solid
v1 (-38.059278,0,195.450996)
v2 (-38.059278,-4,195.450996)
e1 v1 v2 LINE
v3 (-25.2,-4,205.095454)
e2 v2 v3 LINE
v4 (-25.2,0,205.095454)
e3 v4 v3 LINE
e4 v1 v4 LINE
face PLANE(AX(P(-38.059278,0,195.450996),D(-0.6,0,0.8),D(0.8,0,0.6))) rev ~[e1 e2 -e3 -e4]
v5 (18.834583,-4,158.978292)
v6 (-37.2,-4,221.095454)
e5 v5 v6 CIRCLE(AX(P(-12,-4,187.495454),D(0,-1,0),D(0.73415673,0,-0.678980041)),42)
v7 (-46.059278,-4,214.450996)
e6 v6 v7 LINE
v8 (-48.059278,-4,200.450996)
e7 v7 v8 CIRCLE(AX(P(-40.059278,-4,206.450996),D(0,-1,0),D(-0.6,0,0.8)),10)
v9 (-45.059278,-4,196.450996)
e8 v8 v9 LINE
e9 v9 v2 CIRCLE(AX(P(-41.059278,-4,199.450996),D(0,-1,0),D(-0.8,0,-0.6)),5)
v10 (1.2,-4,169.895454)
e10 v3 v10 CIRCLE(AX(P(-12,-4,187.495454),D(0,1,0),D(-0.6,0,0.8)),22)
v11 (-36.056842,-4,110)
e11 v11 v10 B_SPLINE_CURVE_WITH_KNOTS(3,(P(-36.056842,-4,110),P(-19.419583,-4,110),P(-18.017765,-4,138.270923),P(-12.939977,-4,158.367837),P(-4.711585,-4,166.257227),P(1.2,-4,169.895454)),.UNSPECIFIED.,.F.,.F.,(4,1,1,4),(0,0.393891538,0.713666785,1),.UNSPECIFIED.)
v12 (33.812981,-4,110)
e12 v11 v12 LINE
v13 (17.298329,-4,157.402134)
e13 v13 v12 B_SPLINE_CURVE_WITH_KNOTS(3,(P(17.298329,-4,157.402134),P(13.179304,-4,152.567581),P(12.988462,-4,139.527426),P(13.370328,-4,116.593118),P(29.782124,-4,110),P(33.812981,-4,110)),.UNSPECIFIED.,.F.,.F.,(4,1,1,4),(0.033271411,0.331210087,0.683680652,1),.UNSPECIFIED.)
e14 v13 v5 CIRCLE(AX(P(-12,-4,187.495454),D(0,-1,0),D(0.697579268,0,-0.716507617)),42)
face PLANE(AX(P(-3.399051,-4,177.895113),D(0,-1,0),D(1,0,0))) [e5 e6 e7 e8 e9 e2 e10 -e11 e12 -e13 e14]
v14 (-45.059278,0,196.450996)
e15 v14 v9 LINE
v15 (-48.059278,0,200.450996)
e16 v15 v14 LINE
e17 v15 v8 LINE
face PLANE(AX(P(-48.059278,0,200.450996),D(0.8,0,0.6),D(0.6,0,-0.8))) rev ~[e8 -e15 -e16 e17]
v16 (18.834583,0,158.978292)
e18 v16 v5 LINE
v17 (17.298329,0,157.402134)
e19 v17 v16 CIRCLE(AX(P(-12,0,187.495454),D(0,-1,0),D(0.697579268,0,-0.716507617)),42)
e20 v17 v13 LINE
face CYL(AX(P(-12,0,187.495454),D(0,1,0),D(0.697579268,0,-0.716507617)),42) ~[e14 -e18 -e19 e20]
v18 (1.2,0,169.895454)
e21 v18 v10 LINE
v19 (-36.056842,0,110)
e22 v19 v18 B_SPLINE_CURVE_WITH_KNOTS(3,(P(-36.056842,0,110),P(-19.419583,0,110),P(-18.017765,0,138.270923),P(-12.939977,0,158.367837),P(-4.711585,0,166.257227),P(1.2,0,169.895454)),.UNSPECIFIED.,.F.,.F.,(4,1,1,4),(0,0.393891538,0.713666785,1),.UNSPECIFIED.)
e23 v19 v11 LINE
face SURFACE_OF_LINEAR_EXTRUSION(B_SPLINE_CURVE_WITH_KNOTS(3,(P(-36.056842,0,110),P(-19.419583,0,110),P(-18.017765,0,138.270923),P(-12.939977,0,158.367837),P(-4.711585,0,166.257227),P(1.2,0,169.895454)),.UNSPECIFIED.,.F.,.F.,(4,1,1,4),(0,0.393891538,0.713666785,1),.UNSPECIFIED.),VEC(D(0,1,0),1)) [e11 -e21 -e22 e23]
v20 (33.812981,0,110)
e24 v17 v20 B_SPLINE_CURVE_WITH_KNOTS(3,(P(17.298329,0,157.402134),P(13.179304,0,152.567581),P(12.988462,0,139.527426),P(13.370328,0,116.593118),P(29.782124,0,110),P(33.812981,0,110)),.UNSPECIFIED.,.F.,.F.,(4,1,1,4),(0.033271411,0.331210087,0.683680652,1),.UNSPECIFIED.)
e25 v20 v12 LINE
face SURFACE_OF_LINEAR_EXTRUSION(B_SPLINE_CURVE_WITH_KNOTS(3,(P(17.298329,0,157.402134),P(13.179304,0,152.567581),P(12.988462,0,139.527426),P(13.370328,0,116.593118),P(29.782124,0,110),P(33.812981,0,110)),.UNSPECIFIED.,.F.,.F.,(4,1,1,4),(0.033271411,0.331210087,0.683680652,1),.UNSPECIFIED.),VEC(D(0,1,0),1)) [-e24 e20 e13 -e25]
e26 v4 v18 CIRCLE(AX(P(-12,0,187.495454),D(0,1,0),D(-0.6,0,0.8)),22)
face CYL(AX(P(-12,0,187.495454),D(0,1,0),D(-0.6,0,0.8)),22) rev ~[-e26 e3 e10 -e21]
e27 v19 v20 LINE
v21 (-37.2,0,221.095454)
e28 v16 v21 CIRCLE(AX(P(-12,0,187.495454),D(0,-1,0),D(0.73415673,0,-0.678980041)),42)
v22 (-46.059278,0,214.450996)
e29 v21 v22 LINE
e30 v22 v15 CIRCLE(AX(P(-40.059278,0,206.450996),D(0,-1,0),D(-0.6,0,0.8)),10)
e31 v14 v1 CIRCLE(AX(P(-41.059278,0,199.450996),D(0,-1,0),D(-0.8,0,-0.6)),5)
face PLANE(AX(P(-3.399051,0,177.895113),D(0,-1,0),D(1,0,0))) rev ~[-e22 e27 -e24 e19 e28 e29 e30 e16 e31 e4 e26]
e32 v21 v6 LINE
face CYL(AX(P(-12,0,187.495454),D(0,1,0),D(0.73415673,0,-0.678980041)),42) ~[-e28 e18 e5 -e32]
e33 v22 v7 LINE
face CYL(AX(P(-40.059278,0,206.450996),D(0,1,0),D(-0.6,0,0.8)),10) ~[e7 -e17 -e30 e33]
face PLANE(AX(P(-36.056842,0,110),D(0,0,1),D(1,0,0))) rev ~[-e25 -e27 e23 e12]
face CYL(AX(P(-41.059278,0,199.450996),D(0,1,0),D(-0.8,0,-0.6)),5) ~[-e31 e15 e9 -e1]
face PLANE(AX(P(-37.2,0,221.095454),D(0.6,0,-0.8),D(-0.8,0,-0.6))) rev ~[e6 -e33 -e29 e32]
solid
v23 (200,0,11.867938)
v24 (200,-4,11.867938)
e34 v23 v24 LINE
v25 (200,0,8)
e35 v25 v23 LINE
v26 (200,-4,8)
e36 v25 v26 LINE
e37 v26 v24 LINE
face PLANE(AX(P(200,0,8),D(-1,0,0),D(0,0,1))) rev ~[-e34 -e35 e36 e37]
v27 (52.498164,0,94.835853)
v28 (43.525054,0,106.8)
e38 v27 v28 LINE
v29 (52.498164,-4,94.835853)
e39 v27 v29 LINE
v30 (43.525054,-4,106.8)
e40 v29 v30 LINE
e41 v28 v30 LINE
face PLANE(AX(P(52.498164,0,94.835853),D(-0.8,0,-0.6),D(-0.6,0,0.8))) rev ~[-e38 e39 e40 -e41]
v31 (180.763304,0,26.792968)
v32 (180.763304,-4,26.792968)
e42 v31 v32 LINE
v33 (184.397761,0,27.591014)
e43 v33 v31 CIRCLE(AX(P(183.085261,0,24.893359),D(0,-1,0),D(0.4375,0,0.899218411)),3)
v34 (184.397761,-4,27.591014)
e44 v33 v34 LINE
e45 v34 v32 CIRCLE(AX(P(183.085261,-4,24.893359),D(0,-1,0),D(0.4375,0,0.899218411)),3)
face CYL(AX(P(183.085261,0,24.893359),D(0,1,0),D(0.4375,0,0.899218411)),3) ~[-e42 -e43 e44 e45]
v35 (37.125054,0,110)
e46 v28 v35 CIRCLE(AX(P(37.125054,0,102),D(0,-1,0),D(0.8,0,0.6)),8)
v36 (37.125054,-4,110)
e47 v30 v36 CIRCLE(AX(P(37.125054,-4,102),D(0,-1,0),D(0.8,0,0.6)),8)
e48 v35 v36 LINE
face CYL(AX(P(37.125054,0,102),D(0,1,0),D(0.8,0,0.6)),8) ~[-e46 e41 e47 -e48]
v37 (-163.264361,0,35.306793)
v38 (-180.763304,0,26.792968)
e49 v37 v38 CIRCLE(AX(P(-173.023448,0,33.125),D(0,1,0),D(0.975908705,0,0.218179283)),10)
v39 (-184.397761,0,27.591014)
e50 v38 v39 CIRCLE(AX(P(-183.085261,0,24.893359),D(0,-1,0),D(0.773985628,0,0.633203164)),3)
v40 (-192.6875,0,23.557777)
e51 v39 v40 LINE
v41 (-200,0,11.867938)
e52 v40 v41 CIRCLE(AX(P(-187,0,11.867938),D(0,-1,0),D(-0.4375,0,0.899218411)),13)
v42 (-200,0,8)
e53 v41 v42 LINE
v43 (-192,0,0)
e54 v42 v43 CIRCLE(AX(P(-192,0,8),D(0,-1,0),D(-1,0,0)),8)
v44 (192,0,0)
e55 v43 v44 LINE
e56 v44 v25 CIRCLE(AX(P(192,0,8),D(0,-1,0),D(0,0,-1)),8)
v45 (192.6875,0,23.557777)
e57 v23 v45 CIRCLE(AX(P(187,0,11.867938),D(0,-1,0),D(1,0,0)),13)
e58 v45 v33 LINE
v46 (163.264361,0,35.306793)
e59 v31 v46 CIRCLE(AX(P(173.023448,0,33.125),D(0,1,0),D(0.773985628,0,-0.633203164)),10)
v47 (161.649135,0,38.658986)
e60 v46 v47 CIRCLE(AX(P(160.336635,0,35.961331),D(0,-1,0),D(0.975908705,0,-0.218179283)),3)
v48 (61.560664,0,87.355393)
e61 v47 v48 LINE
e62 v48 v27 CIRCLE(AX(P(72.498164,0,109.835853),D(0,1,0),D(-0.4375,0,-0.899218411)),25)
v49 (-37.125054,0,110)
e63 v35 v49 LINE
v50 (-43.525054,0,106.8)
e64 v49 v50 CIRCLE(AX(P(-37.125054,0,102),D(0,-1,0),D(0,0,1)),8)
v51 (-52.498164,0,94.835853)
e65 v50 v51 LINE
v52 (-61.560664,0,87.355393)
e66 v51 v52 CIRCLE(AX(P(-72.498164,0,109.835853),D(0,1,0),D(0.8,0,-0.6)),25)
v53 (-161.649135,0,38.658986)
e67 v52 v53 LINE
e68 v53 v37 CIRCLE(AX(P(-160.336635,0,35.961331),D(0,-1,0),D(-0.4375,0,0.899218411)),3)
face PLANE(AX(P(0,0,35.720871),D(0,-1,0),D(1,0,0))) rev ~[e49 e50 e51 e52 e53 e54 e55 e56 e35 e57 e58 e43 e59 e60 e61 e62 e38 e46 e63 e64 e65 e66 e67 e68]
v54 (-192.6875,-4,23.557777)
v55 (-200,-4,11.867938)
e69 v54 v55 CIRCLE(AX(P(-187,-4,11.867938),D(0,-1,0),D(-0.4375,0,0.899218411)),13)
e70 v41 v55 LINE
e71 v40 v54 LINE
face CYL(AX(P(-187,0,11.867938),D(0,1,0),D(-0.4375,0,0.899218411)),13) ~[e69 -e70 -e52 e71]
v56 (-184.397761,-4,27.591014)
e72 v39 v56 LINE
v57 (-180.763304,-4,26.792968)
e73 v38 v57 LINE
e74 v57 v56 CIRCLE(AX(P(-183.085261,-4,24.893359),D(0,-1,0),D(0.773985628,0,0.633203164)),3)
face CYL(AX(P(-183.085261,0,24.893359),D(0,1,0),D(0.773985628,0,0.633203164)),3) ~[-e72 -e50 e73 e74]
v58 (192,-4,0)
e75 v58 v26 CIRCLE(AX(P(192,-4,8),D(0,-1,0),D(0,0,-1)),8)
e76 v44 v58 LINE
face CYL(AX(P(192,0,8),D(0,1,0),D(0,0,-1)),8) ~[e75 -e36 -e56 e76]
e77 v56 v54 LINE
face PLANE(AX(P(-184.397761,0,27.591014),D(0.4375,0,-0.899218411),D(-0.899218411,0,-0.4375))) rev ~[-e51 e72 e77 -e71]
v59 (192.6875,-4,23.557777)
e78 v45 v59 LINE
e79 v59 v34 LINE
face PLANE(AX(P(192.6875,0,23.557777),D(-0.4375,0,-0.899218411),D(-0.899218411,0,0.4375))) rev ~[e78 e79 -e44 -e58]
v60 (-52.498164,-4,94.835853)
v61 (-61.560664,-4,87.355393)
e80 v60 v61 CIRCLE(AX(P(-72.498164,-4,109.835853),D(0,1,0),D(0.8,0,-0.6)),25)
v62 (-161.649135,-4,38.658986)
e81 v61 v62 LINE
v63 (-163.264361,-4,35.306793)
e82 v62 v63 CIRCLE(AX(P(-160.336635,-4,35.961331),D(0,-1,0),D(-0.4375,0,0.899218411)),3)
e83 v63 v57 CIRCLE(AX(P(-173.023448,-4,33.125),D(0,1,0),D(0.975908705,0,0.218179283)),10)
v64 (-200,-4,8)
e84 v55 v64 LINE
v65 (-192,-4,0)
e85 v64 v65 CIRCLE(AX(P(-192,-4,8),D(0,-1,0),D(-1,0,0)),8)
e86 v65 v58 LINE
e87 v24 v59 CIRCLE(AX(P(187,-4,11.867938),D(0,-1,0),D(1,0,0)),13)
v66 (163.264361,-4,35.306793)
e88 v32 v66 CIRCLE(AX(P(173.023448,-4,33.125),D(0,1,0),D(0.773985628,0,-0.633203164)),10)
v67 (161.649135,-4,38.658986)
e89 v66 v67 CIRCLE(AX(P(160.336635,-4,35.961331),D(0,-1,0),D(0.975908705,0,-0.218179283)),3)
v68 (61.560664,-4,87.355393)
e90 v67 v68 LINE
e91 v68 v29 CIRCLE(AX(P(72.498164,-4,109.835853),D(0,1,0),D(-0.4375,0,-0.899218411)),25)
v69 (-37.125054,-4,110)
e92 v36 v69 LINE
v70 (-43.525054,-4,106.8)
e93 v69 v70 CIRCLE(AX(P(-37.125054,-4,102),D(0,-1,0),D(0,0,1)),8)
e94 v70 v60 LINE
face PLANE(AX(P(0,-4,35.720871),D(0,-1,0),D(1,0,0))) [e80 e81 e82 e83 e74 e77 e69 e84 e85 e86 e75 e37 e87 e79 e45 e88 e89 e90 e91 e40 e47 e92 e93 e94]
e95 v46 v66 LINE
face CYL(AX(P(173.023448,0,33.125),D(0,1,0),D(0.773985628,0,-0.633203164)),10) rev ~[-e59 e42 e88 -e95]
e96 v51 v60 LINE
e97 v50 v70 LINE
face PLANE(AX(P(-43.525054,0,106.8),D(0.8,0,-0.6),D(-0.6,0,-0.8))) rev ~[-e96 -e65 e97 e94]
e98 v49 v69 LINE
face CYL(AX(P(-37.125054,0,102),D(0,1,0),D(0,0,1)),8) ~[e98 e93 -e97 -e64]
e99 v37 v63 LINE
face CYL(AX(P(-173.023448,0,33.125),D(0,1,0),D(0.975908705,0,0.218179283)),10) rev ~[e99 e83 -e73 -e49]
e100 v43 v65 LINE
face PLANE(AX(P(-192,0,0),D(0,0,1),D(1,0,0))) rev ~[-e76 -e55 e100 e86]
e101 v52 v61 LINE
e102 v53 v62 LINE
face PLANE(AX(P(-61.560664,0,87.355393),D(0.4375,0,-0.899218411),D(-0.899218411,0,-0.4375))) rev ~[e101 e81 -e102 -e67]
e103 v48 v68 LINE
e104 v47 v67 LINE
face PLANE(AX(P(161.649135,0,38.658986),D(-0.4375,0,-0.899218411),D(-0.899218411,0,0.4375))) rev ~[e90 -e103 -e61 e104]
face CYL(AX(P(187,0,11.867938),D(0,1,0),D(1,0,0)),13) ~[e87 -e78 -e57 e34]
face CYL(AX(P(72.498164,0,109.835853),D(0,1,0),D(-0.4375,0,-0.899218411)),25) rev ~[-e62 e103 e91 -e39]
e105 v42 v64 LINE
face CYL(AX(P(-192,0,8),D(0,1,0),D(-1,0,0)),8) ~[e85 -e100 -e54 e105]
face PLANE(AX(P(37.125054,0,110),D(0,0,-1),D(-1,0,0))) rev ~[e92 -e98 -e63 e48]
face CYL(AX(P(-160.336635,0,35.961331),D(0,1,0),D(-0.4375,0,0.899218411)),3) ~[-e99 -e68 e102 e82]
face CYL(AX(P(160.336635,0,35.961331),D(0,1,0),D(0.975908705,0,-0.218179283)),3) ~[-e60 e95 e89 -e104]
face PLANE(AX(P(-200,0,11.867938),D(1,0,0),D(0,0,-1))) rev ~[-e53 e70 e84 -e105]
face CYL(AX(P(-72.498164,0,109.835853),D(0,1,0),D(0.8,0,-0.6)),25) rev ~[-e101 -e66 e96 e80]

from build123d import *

# Parameters (mm, degrees)
F2_DEPTH = 4


with BuildPart() as f2:
    # F1 (on Front) → F2 (new body)
    with BuildSketch(Plane.XZ):
        with BuildLine():
            ThreePointArc((18.8345826463, 158.9782924416), (19.1860958712, 215.6277740938), (-37.2, 221.0954541697))
            Line((-37.2, 221.0954541697), (-46.0592777571, 214.4509958519))
            ThreePointArc((-46.0592777571, 214.4509958519), (-49.9587726937, 207.8652094143), (-48.0592777571, 200.4509958519))
            Line((-48.0592777571, 200.4509958519), (-45.0592777571, 196.4509958519))
            ThreePointArc((-45.0592777571, 196.4509958519), (-41.7663845383, 194.5012483836), (-38.0592777571, 195.4509958519))
            Line((-38.0592777571, 195.4509958519), (-25.2, 205.0954541697))
            ThreePointArc((-25.2, 205.0954541697), (5.6, 200.6954541697), (1.2, 169.8954541697))
            ThreePointArc((1.2, 169.8954541697), (-5.571825393, 161.7813668662), (-8, 151.4954541697))
            Line((-8, 151.4954541697), (-8, 110))
            Line((-8, 110), (0, 110))
            Line((0, 110), (12, 110))
            Line((12, 110), (12, 151.4954541697))
            ThreePointArc((12, 151.4954541697), (12.316718427, 152.8370949562), (13.2, 153.8954541697))
            ThreePointArc((13.2, 153.8954541697), (15.3055154559, 155.5829358472), (17.2983292582, 157.4021342685))
            add(Edge.make_bspline(
                [(18.8345826463, 158.9782924416), (18.2685657224, 158.4677005018), (17.7583091445, 157.9420185701), (17.2983292582, 157.4021342685)],
                knots=[0, 0, 0, 0, 0.0332714109, 0.0332714109, 0.0332714109, 0.0332714109], degree=3))
        make_face()
        with BuildLine():
            ThreePointArc((17.2983292582, 157.4021342685), (18.0767824439, 158.180148307), (18.8345826463, 158.9782924416))
            add(Edge.make_bspline(
                [(18.8345826463, 158.9782924416), (18.2685657224, 158.4677005018), (17.7583091445, 157.9420185701), (17.2983292582, 157.4021342685)],
                knots=[0, 0, 0, 0, 0.0332714109, 0.0332714109, 0.0332714109, 0.0332714109], degree=3))
        make_face()
        with BuildLine():
            add(Edge.make_bspline(
                [(17.2983292582, 157.4021342685), (13.1793035086, 152.5675808311), (12.9884623094, 139.527426253), (13.3703276725, 116.5931182655), (29.7821242027, 110), (33.8129806474, 110)],
                knots=[0.0332714109, 0.0332714109, 0.0332714109, 0.0332714109, 0.3312100872, 0.6836806519, 1, 1, 1, 1], degree=3))
            ThreePointArc((17.2983292582, 157.4021342685), (15.3055154559, 155.5829358472), (13.2, 153.8954541697))
            ThreePointArc((13.2, 153.8954541697), (12.316718427, 152.8370949562), (12, 151.4954541697))
            Line((12, 151.4954541697), (12, 110))
            Line((12, 110), (33.8129806474, 110))
        make_face()
        with BuildLine():
            ThreePointArc((-8, 151.4954541697), (-5.571825393, 161.7813668662), (1.2, 169.8954541697))
            add(Edge.make_bspline(
                [(-36.0568419915, 110), (-19.4195834096, 110), (-18.0177646467, 138.2709232819), (-12.939977235, 158.3678372994), (-4.7115848759, 166.2572265506), (1.2, 169.8954541697)],
                knots=[0, 0, 0, 0, 0.3938915377, 0.7136667849, 1, 1, 1, 1], degree=3))
            Line((-36.0568419915, 110), (-8, 110))
            Line((-8, 110), (-8, 151.4954541697))
        make_face()
    extrude(amount=F2_DEPTH)


with BuildPart() as f2b:
    # F0 (on Front) → F2, piece 2 (new body)
    with BuildSketch(Plane.XZ):
        with BuildLine():
            Line((-192, 0), (0, 0))
            Line((0, 0), (192, 0))
            ThreePointArc((192, 0), (197.6568542495, 2.3431457505), (200, 8))
            Line((200, 8), (200, 11.8679378518))
            ThreePointArc((200, 11.8679378518), (198.0212862226, 18.7622289683), (192.6875, 23.5577771898))
            Line((192.6875, 23.5577771898), (184.3977608474, 27.5910140947))
            ThreePointArc((184.3977608474, 27.5910140947), (182.4418558034, 27.8235516806), (180.763303963, 26.792968356))
            ThreePointArc((180.763303963, 26.792968356), (168.6484476814, 24.1328158938), (163.2643606305, 35.3067928257))
            ThreePointArc((163.2643606305, 35.3067928257), (163.0392589783, 37.2635675997), (161.6491345153, 38.6589859053))
            Line((161.6491345153, 38.6589859053), (61.5606644749, 87.3553928354))
            ThreePointArc((61.5606644749, 87.3553928354), (56.583657005, 90.5555924183), (52.4981644749, 94.8358531009))
            Line((52.4981644749, 94.8358531009), (43.5250543006, 106.8))
            ThreePointArc((43.5250543006, 106.8), (40.7027630646, 109.155417528), (37.1250543006, 110))
            Line((37.1250543006, 110), (0, 110))
            Line((0, 110), (-37.1250543006, 110))
            ThreePointArc((-37.1250543006, 110), (-40.7027630646, 109.155417528), (-43.5250543006, 106.8))
            Line((-43.5250543006, 106.8), (-52.4981644749, 94.8358531009))
            ThreePointArc((-52.4981644749, 94.8358531009), (-56.583657005, 90.5555924183), (-61.5606644749, 87.3553928354))
            Line((-61.5606644749, 87.3553928354), (-161.6491345153, 38.6589859053))
            ThreePointArc((-161.6491345153, 38.6589859053), (-163.0392589783, 37.2635675997), (-163.2643606305, 35.3067928257))
            ThreePointArc((-163.2643606305, 35.3067928257), (-168.6484476814, 24.1328158938), (-180.763303963, 26.792968356))
            ThreePointArc((-180.763303963, 26.792968356), (-182.4418558034, 27.8235516806), (-184.3977608474, 27.5910140947))
            Line((-184.3977608474, 27.5910140947), (-192.6875, 23.5577771898))
            ThreePointArc((-192.6875, 23.5577771898), (-198.0212862226, 18.7622289683), (-200, 11.8679378518))
            Line((-200, 11.8679378518), (-200, 8))
            ThreePointArc((-200, 8), (-197.6568542495, 2.3431457505), (-192, 0))
        make_face()
    extrude(amount=F2_DEPTH)


solid = Compound([f2.part, f2b.part])
